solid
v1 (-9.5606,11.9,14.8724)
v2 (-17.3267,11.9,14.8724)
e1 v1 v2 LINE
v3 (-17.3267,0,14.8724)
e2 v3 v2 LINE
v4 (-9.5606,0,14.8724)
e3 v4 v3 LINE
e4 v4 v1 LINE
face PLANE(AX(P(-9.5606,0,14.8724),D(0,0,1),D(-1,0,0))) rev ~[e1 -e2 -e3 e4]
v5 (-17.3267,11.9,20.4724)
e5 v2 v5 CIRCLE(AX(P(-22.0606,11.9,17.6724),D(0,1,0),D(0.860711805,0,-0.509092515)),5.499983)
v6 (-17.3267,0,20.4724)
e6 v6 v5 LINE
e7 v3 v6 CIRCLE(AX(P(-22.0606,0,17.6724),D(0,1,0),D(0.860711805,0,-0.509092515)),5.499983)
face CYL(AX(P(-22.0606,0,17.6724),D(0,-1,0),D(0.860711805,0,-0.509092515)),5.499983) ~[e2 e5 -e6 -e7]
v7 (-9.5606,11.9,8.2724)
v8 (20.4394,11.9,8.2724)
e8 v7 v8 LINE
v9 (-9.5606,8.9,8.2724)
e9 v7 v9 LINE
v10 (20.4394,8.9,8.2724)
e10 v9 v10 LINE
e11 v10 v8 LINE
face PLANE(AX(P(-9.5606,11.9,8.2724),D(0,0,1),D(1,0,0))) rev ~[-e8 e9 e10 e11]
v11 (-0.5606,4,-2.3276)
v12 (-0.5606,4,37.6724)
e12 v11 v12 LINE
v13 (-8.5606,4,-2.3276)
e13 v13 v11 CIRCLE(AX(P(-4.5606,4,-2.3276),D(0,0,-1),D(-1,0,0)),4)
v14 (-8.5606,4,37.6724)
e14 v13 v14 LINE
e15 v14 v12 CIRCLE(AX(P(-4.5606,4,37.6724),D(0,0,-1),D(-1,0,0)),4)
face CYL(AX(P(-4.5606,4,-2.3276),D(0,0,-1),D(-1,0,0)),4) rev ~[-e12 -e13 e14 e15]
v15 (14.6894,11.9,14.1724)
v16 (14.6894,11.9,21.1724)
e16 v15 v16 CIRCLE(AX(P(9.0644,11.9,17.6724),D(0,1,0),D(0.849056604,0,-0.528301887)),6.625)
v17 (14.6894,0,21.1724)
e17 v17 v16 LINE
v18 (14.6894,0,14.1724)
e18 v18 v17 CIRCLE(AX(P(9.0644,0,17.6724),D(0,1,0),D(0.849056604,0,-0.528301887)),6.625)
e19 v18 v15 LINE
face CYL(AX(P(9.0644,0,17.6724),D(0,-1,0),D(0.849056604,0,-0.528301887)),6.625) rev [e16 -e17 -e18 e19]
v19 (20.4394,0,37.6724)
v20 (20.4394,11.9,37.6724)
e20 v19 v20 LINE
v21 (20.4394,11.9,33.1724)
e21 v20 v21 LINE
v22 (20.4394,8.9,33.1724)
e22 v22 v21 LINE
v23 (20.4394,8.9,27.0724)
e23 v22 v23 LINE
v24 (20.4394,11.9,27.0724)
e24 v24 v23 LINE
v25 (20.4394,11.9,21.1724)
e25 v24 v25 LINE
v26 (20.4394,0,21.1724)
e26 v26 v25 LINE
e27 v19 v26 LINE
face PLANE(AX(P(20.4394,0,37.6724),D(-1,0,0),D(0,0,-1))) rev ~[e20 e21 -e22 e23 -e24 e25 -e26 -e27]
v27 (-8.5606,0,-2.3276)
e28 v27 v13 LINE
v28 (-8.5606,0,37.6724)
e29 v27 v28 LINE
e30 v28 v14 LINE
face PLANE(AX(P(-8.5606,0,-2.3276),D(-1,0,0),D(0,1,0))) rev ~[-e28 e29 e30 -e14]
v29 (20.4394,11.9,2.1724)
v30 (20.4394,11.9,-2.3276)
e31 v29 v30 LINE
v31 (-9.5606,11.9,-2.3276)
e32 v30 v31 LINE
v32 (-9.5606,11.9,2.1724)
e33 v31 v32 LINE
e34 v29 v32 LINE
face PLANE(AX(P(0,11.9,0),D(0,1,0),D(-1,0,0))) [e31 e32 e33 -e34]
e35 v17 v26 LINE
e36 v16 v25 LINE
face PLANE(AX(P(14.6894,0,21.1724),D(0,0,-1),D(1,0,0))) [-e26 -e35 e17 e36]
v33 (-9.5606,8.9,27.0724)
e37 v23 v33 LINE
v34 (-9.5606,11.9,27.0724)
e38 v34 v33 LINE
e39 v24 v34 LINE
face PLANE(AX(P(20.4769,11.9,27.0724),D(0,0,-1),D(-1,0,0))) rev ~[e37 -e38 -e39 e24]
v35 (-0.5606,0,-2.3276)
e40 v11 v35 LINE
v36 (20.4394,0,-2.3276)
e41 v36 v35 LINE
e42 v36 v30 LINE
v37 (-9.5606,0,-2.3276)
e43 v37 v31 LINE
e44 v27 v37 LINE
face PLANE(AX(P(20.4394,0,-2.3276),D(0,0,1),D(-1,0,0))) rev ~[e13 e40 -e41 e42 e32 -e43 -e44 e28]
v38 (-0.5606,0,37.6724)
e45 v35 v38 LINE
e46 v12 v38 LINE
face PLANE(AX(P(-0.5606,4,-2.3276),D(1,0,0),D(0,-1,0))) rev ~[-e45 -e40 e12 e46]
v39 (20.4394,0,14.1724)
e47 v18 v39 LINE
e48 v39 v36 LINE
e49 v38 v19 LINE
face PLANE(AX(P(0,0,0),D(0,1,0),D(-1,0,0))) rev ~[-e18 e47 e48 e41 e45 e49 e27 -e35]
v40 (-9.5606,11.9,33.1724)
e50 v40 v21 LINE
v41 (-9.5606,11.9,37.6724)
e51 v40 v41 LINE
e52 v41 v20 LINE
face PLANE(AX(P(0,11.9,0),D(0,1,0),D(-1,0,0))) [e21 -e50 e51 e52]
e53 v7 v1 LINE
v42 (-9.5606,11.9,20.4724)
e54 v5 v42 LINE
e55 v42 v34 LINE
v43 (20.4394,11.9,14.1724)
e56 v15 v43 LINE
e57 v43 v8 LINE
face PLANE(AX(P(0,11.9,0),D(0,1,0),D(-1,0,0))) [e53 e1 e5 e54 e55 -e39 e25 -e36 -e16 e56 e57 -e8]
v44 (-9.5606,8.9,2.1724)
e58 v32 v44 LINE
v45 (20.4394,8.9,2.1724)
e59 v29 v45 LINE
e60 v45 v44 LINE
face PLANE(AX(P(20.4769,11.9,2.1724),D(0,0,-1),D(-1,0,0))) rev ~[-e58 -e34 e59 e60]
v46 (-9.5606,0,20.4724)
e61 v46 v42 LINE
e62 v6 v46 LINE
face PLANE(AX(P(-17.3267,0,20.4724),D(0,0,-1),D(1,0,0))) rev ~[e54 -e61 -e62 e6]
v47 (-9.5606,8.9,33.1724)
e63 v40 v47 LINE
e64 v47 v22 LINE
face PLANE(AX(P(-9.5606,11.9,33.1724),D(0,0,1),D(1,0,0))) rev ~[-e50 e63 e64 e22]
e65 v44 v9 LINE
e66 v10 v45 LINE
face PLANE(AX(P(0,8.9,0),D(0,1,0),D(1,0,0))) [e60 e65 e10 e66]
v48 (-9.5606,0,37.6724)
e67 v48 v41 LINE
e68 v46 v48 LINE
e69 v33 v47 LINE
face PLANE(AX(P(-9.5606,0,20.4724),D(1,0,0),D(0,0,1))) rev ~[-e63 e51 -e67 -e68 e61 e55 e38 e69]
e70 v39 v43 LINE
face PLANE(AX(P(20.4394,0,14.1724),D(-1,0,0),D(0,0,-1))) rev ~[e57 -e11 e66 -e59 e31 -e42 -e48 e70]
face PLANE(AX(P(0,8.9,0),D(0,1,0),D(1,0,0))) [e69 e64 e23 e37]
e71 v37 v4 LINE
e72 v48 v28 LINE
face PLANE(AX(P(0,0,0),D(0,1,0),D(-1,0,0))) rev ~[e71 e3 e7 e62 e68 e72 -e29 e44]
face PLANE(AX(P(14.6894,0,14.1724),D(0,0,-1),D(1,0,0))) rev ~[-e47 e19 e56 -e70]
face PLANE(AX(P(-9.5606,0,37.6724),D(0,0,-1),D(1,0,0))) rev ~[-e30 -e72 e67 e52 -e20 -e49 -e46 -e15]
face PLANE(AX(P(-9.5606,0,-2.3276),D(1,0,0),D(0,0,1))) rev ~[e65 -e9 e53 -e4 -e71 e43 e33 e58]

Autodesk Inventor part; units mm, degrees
ref_plane "YZ Plane" through (0, 0, 0) normal (1, 0, 0) x (0, 1, 0)
ref_plane "XZ Plane" through (0, 0, 0) normal (0, 1, 0) x (-1, 0, 0)
ref_plane "XY Plane" through (0, 0, 0) normal (0, 0, 1) x (1, 0, 0)
sketch "Sketch1" plane through (0, 0, 0) normal (0, 1, 0) x (-1, 0, 0)
  line L0 (9.5606, 37.6724) -> (-20.4394, 37.6724)
  line L1 (-20.4394, -2.3276) -> (9.5606, -2.3276)
  line L2 (17.3267, 20.4724) -> (9.5606, 20.4724)
  line L3 (9.5606, 14.8724) -> (17.3267, 14.8724)
  arc A0 (17.3267, 14.8724) -> (17.3267, 20.4724) centre (22.0606, 17.6724) ccw
  line L4 (9.5606, -2.3276) -> (9.5606, 14.8724)
  line L5 (9.5606, 20.4724) -> (9.5606, 37.6724)
  arc A1 (-14.6894, 14.1724) -> (-14.6894, 21.1724) centre (-9.0644, 17.6724) ccw
  line L6 (-14.6894, 21.1724) -> (-20.4394, 21.1724)
  line L7 (-14.6894, 14.1724) -> (-20.4394, 14.1724)
  line L8 (-20.4394, 37.6724) -> (-20.4394, 21.1724)
  line L9 (-20.4394, 14.1724) -> (-20.4394, -2.3276)
  point P0 (0, 0)
  dimension "d0" = 30
  dimension "d1" = 40
  dimension "d2" = 17.2
  dimension "d5" = 17.2
  dimension "d10" = 12.5
  dimension "d12" = 7.7661
  dimension "d17" = 13.25
  dimension "d18" = 20
  dimension "d19" = 16.5
  dimension "d20" = 16.5
extrude "Extrusion1" add sketch "Sketch1" along normal blind 11.9
sketch "Sketch2" plane through (0, 11.9, 0) normal (0, 1, 0) x (1, 0, 0)
  line L0 (-9.5606, -20.4724) -> (-9.5606, -37.6724) projected
  line L1 (-9.5606, -33.1724) -> (20.4769, -33.1724)
  line L2 (20.4769, -33.1724) -> (20.4769, -27.0724)
  line L3 (20.4769, -27.0724) -> (-9.5606, -27.0724)
  line L4 (-9.5606, -27.0724) -> (-9.5606, -33.1724)
  line L5 (-9.5606, -37.6724) -> (20.4394, -37.6724) projected
  line L6 (-9.5606, -8.2724) -> (20.4769, -8.2724)
  line L7 (20.4769, -8.2724) -> (20.4769, -2.1724)
  line L8 (20.4769, -2.1724) -> (-9.5606, -2.1724)
  line L9 (-9.5606, -2.1724) -> (-9.5606, -8.2724)
  line L10 (20.4394, 2.3276) -> (-9.5606, 2.3276) projected
  line L11 (-9.5606, 2.3276) -> (-9.5606, -14.8724) projected
  point P0 (0, 0)
  dimension "d24" = 6.1
  dimension "d25" = 4.5
  dimension "d26" = 6.1
  dimension "d27" = 4.5
  dimension "d35" = 0
extrude "Extrusion2" cut sketch "Sketch2" against normal blind 3
sketch "Sketch3" plane through (20.4394, 0, -2.3276) normal (0, 0, -1) x (-1, 0, 0)
  line L0 (21, 0) -> (29, 0)
  line L1 (29, 0) -> (29, 4)
  line L2 (21, 4) -> (21, 0)
  arc A0 (29, 4) -> (21, 4) centre (25, 4) ccw
  line L3 (30, 0) -> (30, 11.9) projected
  point P0 (20.4394, 0)
  dimension "d34" = 9
extrude "Extrusion3" cut sketch "Sketch3" against normal through all
properties part number "traintrack"
